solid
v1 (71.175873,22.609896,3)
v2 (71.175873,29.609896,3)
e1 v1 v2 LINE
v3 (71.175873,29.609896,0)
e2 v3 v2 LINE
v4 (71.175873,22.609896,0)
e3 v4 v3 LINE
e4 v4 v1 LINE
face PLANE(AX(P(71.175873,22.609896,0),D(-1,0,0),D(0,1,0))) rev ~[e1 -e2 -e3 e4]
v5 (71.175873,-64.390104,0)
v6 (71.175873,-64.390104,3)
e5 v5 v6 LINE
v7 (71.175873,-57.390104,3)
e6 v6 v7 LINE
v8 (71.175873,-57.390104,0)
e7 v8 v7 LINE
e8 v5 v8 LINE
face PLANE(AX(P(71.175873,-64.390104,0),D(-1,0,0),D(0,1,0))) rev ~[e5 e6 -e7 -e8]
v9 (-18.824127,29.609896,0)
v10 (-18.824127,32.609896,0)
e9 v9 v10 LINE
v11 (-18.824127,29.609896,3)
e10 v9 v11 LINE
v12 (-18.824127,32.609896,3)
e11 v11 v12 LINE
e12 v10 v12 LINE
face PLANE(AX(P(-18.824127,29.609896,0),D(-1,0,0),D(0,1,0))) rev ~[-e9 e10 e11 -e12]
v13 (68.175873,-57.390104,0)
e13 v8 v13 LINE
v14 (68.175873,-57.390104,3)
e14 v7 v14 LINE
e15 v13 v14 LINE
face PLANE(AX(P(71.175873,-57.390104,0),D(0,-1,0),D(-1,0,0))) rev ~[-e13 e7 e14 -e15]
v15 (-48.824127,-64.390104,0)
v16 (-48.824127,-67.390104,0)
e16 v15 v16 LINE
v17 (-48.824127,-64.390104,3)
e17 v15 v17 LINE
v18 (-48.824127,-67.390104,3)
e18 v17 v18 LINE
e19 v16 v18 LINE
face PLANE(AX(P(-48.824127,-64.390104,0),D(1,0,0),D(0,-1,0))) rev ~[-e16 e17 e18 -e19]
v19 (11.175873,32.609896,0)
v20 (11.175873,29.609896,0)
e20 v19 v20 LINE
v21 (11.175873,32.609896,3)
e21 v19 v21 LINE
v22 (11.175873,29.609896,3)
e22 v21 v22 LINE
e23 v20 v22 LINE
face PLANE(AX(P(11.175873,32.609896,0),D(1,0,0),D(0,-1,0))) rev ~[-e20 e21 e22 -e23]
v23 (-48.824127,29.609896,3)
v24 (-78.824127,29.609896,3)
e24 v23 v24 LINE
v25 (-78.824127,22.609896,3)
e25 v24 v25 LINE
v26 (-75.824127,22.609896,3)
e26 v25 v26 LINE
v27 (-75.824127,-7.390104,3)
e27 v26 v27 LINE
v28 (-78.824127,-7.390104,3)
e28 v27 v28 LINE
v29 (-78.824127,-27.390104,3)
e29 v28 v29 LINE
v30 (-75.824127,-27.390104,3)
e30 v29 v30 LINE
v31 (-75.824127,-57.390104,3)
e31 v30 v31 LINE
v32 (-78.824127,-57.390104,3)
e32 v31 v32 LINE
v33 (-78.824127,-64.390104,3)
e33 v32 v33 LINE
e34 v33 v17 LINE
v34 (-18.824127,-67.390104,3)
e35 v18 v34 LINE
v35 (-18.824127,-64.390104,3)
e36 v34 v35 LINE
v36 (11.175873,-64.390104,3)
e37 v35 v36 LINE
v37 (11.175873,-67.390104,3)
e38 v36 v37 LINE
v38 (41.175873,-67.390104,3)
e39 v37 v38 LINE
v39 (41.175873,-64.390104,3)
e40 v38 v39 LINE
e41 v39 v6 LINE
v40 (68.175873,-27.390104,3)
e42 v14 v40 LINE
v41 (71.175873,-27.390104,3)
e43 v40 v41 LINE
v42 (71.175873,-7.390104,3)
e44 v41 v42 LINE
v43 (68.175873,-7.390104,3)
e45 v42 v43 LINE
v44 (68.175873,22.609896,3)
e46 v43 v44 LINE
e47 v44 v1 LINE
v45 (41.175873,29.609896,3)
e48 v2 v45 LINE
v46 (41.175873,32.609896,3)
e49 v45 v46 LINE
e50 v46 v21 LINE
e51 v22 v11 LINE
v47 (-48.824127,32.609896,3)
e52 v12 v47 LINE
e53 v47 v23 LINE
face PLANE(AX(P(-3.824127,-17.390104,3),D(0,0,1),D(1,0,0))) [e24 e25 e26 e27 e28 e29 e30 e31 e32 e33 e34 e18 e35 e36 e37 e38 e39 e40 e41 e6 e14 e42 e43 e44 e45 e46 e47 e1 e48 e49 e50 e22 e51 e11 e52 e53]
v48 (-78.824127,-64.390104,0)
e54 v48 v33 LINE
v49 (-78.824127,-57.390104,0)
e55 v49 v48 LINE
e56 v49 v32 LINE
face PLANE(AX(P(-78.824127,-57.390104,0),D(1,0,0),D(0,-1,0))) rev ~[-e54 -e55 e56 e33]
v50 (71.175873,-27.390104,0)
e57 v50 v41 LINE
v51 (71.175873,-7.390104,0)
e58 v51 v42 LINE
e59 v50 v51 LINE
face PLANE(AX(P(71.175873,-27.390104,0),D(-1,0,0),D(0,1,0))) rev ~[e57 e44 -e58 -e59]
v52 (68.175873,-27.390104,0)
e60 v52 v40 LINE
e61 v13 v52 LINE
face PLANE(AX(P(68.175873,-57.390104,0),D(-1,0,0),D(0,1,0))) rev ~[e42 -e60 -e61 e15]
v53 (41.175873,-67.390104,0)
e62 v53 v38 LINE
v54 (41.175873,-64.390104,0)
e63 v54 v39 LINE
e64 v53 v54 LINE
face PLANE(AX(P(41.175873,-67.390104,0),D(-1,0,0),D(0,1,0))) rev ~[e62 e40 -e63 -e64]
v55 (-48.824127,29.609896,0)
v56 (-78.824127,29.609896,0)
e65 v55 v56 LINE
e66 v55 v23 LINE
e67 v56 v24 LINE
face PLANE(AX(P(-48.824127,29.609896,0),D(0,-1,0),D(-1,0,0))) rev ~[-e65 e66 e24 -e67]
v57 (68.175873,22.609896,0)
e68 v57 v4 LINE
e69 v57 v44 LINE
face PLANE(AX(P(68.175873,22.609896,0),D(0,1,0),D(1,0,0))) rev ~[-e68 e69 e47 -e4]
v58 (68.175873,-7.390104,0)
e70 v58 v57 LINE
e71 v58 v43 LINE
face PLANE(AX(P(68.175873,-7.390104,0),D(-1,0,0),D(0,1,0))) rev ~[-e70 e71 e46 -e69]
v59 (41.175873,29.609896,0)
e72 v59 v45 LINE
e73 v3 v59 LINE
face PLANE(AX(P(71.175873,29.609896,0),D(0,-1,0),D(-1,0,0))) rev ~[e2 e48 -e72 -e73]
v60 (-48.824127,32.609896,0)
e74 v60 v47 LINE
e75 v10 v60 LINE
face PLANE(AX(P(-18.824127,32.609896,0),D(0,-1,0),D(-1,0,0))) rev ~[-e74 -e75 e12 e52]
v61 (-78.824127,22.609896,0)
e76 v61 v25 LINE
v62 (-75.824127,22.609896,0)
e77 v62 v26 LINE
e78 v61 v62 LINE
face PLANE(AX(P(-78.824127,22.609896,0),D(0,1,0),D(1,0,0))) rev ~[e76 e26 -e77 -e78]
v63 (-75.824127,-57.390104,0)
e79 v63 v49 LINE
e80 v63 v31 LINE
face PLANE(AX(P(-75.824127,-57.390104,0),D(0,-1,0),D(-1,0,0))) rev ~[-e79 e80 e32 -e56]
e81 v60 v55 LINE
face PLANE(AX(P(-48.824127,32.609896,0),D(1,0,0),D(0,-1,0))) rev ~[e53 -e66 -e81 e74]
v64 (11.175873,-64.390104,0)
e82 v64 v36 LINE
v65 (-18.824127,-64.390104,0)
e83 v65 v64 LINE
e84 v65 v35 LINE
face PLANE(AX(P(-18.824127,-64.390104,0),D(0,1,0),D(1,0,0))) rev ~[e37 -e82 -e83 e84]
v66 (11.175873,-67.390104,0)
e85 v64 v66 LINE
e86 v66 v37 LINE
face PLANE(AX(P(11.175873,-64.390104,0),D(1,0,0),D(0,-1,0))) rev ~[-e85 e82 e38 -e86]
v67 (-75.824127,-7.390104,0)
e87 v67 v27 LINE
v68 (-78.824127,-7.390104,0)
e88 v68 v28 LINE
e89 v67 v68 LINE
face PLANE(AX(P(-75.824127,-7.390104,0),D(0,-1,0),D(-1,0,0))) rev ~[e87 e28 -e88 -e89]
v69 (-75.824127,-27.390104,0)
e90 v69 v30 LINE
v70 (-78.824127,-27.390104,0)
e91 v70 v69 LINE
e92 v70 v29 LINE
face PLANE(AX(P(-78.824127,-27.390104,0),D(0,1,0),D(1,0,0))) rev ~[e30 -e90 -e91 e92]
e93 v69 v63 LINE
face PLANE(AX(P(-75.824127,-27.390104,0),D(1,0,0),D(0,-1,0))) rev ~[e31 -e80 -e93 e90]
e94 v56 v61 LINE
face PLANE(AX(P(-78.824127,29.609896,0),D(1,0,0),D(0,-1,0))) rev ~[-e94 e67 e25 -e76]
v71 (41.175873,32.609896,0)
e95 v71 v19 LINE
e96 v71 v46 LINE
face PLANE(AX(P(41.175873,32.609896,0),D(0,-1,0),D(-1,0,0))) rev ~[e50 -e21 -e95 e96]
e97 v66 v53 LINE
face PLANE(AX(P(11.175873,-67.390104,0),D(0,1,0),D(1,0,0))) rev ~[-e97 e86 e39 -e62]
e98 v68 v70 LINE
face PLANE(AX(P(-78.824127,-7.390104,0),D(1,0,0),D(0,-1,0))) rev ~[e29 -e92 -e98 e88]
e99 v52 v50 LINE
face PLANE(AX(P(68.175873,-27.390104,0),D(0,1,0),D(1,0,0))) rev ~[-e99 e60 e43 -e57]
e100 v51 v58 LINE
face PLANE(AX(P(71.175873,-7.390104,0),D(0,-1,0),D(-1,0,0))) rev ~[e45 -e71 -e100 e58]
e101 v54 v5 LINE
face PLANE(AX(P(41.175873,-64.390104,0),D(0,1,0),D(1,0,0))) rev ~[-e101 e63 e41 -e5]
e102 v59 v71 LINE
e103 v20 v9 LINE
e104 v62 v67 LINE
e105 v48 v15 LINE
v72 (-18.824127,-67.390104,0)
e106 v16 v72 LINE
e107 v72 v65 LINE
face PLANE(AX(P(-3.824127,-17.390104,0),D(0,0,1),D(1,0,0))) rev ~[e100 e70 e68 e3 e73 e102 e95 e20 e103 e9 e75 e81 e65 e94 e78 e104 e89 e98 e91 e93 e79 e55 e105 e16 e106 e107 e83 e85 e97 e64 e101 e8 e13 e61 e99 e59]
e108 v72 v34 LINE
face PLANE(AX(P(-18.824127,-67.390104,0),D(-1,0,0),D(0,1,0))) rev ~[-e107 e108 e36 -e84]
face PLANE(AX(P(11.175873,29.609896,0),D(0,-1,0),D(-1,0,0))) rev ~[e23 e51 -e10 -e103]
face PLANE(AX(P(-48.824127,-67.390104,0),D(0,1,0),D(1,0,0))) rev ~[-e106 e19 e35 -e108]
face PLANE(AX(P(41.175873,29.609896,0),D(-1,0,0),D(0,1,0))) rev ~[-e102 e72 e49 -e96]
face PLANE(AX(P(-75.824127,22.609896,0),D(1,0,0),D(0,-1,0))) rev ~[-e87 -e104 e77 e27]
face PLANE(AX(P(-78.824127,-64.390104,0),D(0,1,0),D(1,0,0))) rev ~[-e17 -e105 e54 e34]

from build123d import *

# Parameters (mm, degrees)
BOSS_EXTRU_1_DEPTH = 3


with BuildPart() as part:
    # Esquisse1 → Boss.-Extru.1 (new body)
    with BuildSketch(Plane.XY):
        Polygon((71.175872824, -27.390104167), (71.175872824, -7.390104167), (68.175872824, -7.390104167), (68.175872824, 22.609895833), (71.175872824, 22.609895833), (71.175872824, 29.609895833), (41.175872824, 29.609895833), (41.175872824, 32.609895833), (11.175872824, 32.609895833), (11.175872824, 29.609895833), (-18.824127176, 29.609895833), (-18.824127176, 32.609895833), (-48.824127176, 32.609895833), (-48.824127176, 29.609895833), (-78.824127176, 29.609895833), (-78.824127176, 22.609895833), (-75.824127176, 22.609895833), (-75.824127176, -7.390104167), (-78.824127176, -7.390104167), (-78.824127176, -27.390104167), (-75.824127176, -27.390104167), (-75.824127176, -57.390104167), (-78.824127176, -57.390104167), (-78.824127176, -64.390104167), (-48.824127176, -64.390104167), (-48.824127176, -67.390104167), (-18.824127176, -67.390104167), (-18.824127176, -64.390104167), (11.175872824, -64.390104167), (11.175872824, -67.390104167), (41.175872824, -67.390104167), (41.175872824, -64.390104167), (71.175872824, -64.390104167), (71.175872824, -57.390104167), (68.175872824, -57.390104167), (68.175872824, -27.390104167), align=None)
    extrude(amount=BOSS_EXTRU_1_DEPTH)


solid = part.part
